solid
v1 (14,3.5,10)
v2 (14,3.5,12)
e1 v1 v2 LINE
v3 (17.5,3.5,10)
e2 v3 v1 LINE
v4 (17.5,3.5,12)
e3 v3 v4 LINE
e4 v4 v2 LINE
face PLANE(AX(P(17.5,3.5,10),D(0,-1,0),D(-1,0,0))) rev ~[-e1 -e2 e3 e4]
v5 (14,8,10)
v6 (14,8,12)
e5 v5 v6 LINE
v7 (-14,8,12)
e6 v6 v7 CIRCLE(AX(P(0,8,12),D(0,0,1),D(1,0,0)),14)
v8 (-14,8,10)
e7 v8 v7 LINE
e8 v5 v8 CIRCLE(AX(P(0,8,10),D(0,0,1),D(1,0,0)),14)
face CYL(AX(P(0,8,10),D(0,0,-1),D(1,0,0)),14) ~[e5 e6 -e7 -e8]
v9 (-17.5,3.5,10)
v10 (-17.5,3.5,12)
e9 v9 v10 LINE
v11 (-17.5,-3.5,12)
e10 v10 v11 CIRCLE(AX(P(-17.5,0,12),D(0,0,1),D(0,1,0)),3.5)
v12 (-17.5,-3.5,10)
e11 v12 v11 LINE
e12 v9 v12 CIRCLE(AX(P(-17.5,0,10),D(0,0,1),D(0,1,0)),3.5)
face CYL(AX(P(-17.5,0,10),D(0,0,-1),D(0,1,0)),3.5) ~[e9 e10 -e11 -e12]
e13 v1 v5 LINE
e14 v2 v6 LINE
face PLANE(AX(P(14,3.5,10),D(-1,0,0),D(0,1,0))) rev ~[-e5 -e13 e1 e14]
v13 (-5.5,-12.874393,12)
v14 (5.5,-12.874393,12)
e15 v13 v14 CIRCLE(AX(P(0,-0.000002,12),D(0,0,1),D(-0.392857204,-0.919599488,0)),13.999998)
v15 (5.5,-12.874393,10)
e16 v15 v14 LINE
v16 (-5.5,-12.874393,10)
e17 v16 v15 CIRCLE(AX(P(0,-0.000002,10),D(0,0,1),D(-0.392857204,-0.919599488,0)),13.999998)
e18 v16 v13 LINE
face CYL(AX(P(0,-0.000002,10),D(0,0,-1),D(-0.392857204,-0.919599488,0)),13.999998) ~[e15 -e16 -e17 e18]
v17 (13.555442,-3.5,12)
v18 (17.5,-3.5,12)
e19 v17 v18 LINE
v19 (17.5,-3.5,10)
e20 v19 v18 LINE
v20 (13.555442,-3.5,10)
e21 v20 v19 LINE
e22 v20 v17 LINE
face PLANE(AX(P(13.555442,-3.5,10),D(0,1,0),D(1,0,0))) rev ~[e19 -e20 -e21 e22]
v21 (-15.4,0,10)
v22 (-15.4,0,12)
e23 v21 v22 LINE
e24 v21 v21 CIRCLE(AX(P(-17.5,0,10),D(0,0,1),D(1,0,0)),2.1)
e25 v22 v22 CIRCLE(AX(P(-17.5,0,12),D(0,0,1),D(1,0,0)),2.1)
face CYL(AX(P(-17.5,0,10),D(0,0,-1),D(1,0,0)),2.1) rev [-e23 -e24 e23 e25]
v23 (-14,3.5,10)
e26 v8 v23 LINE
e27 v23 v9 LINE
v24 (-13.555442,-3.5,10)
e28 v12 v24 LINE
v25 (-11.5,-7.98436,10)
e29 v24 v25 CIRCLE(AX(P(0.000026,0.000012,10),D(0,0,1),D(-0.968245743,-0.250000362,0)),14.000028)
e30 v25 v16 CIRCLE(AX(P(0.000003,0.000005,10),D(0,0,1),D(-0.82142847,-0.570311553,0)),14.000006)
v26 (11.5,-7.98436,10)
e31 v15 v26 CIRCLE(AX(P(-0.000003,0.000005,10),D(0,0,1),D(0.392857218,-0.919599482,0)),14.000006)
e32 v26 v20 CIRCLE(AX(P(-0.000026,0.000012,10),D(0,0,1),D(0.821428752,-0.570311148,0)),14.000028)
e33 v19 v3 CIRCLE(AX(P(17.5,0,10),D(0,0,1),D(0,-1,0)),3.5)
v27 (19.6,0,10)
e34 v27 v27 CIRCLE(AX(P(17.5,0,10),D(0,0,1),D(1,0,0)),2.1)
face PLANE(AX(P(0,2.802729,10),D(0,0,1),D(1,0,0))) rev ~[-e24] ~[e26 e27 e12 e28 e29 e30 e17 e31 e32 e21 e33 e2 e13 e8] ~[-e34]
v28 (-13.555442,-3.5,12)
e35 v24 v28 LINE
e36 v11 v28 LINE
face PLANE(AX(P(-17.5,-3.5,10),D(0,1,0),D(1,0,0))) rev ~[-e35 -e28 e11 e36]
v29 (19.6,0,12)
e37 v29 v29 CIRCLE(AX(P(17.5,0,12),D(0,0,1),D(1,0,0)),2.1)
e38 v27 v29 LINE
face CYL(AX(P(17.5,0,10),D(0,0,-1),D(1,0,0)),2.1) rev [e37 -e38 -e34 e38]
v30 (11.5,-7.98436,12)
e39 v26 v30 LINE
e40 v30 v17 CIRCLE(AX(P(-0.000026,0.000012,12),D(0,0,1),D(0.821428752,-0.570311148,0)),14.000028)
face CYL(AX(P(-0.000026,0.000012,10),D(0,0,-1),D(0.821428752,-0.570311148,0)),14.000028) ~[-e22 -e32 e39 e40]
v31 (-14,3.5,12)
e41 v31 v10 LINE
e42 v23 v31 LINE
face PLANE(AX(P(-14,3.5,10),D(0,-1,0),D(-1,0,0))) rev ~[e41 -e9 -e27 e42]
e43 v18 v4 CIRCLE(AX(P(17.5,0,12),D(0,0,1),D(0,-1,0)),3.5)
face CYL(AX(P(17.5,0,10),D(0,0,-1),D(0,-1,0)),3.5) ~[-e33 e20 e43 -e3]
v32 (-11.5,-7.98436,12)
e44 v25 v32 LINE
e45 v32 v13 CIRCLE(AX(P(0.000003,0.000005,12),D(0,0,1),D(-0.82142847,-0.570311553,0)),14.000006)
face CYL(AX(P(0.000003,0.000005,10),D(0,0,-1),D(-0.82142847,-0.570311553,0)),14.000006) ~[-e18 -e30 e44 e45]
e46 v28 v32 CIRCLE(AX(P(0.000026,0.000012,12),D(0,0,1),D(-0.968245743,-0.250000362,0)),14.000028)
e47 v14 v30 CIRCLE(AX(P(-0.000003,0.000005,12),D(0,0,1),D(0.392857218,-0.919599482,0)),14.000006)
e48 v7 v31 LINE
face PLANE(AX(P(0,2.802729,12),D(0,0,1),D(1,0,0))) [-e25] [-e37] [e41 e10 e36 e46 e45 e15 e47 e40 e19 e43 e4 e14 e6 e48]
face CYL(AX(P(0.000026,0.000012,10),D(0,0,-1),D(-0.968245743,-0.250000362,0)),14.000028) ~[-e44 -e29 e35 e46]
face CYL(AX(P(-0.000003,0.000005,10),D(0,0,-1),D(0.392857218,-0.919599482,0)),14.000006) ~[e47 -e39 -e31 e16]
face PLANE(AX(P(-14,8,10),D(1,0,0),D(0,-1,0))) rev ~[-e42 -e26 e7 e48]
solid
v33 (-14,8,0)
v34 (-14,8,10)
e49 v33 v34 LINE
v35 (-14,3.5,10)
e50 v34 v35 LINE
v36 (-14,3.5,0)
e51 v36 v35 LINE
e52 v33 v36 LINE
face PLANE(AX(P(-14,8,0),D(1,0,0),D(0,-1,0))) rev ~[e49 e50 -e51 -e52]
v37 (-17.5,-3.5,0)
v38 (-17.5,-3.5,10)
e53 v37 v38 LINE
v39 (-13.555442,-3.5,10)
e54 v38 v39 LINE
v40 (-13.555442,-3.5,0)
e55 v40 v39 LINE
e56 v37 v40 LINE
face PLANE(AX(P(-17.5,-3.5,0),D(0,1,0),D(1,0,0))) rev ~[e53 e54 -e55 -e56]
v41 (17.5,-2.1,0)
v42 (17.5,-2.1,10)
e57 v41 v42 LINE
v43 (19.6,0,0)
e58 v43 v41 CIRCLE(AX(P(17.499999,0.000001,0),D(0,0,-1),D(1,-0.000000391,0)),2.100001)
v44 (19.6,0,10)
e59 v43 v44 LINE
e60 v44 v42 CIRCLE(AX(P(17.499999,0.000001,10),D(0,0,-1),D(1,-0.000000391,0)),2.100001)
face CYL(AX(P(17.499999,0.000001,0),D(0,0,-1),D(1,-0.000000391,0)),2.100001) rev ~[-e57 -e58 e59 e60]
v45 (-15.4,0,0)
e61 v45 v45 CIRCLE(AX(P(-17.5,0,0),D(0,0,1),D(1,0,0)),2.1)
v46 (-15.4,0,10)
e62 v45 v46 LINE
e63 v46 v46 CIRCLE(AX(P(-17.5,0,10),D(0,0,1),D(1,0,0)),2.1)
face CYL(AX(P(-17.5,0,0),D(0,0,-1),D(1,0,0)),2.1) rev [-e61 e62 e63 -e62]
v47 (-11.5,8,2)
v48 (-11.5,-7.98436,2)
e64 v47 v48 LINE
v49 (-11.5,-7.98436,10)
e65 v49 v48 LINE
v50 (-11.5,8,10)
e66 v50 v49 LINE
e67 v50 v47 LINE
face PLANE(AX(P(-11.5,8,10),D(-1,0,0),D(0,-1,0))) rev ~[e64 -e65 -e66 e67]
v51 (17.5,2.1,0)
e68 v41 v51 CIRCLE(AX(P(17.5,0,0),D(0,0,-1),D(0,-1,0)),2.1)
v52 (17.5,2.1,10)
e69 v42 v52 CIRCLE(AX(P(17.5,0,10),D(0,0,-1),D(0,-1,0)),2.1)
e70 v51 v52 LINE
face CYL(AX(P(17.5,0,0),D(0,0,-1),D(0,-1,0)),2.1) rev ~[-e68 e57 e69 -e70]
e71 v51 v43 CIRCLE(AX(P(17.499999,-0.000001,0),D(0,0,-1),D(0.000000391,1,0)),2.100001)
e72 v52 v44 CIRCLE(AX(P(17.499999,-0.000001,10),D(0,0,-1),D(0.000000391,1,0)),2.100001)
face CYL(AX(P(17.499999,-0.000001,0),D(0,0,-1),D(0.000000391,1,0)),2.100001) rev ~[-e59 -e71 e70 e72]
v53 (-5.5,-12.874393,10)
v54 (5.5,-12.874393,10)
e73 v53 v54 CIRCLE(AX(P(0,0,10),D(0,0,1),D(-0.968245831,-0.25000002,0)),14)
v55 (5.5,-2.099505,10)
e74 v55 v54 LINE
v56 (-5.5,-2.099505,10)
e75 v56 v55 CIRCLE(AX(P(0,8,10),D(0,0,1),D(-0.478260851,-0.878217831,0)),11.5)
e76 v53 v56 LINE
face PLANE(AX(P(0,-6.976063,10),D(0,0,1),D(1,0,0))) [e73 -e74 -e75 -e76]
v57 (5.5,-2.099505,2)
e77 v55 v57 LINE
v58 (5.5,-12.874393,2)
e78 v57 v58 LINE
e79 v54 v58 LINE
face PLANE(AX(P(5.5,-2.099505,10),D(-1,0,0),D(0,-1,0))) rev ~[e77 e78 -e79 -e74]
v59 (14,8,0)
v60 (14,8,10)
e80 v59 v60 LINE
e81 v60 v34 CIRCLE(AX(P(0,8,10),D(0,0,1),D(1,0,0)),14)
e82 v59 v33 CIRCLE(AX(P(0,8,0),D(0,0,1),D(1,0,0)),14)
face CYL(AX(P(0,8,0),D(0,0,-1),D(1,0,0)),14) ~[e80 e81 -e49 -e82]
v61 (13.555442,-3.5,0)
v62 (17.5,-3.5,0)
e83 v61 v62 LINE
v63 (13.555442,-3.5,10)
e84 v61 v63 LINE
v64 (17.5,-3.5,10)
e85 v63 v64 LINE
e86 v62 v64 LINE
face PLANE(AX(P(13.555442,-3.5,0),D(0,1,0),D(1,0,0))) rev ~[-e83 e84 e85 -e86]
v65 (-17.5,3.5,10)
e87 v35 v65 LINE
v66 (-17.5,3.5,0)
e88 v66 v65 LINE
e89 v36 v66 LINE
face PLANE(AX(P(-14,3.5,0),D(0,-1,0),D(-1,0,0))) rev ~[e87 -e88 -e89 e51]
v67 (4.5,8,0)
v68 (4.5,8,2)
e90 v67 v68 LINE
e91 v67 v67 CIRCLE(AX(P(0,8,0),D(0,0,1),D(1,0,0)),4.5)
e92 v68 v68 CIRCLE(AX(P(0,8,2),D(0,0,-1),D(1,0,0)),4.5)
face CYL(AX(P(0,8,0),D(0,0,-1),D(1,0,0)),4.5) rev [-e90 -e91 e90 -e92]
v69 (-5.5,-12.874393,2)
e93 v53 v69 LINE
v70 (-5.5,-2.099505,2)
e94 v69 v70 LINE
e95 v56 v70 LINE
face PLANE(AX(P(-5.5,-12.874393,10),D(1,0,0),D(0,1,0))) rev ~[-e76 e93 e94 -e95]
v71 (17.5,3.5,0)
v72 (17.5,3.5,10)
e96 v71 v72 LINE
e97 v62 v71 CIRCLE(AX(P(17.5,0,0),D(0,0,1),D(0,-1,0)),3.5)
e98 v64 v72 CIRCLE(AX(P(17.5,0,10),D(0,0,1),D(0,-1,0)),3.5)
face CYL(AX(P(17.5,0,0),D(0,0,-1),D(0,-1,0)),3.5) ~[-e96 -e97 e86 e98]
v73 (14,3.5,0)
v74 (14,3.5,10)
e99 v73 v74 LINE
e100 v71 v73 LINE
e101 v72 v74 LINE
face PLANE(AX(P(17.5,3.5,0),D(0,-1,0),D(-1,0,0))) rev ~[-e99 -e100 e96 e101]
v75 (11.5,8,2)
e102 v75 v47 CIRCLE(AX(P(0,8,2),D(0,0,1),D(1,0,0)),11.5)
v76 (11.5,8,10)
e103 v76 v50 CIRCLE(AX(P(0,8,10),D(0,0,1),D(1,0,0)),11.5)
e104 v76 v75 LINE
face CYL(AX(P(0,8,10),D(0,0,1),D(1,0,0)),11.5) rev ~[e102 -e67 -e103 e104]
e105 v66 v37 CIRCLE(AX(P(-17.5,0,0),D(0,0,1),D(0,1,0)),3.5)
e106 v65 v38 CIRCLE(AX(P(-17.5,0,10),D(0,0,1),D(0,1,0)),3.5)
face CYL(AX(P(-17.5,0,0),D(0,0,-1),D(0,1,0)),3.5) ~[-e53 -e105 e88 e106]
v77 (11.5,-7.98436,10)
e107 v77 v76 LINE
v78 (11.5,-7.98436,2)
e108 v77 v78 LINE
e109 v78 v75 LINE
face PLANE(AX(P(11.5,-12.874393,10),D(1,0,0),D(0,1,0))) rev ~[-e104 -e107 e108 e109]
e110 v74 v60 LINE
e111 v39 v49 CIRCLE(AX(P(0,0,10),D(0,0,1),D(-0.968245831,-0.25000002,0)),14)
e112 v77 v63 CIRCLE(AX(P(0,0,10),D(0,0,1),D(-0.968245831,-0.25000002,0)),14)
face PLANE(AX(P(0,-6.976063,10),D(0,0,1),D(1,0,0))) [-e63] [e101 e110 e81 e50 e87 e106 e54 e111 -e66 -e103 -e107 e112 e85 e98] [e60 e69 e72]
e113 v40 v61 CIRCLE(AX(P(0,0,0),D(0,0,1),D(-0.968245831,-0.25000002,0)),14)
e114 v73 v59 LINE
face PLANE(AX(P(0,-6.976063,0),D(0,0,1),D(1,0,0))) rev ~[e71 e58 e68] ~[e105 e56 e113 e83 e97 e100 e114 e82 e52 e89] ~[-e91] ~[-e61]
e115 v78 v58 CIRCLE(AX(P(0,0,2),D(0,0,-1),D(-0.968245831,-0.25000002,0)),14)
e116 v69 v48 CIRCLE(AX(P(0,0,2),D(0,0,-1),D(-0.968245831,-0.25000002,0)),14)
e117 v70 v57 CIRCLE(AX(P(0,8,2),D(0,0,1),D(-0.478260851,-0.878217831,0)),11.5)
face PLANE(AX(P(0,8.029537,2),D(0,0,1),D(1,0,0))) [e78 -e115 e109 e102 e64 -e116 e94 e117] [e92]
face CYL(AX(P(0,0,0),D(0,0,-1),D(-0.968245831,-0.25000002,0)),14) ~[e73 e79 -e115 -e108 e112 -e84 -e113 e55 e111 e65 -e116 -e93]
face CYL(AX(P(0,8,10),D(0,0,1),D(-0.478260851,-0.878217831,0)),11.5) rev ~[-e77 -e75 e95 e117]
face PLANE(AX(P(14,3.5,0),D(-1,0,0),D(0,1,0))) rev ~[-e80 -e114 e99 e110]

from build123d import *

# Parameters (mm, degrees)
F0_R     = 2.1
F0_R_2   = 4.5
F1_DEPTH = 10
F3_DEPTH = 8
F4_R     = 2.1
F5_DEPTH = 2


with BuildPart() as f1:
    # F0 (on Top) → F1 (new body)
    with BuildSketch(Plane.XY):
        with BuildLine():
            Line((13.555442, -3.5), (-13.555442, -3.5))
            ThreePointArc((-13.555442, -3.5), (0, -14), (13.555442, -3.5))
        make_face()
        with BuildLine():
            Line((-17.5, -3.5), (-13.555442, -3.5))
            Line((-13.555442, -3.5), (13.555442, -3.5))
            Line((13.555442, -3.5), (17.5, -3.5))
            Line((17.5, -3.5), (17.5, -2.1))
            ThreePointArc((17.5, -2.1), (15.4, 0), (17.5, 2.1))
            Line((17.5, 2.1), (17.5, 3.5))
            Line((17.5, 3.5), (14, 3.5))
            Line((14, 3.5), (14, 8))
            ThreePointArc((14, 8), (0, 22), (-14, 8))
            Line((-14, 8), (-14, 3.5))
            Line((-14, 3.5), (-17.5, 3.5))
            ThreePointArc((-17.5, 3.5), (-21, 0), (-17.5, -3.5))
        make_face()
        with Locations((-17.5, 0)):
            Circle(F0_R, mode=Mode.SUBTRACT)
        with Locations((0, 8)):
            Circle(F0_R_2, mode=Mode.SUBTRACT)
        with BuildLine():
            Line((17.5, -2.1), (17.5, -3.5))
            ThreePointArc((17.5, -3.5), (21, 0), (17.5, 3.5))
            Line((17.5, 3.5), (17.5, 2.1))
            ThreePointArc((17.5, 2.1), (18.984924, 1.484924), (19.6, 0))
            ThreePointArc((19.6, 0), (18.984924, -1.484924), (17.5, -2.1))
        make_face()
    extrude(amount=F1_DEPTH)

    # F2 (on face) → F3 (cut)
    with BuildSketch(Plane.XY.offset(10)):
        with BuildLine():
            Line((-5.5, 8), (-5.5, -2.099505))
            ThreePointArc((-5.5, -2.099505), (0, -3.5), (5.5, -2.099505))
            Line((5.5, -2.099505), (5.5, 8))
            Line((5.5, 8), (11.5, 8))
            ThreePointArc((11.5, 8), (0, 19.5), (-11.5, 8))
            Line((-11.5, 8), (-5.5, 8))
        make_face()
        Polygon((-5.5, -12.874393), (-5.5, -2.099505), (-5.5, 8), (-11.5, 8), (-11.5, -12.874393), align=None)
        Polygon((5.5, 8), (5.5, -2.099505), (5.5, -12.874393), (11.5, -12.874393), (11.5, 8), align=None)
    extrude(amount=-F3_DEPTH, mode=Mode.SUBTRACT)


with BuildPart() as f5:
    # F4 (on face) → F5 (new body)
    with BuildSketch(Plane.XY.offset(10)):
        with BuildLine():
            Line((13.555442, -3.5), (17.5, -3.5))
            ThreePointArc((17.5, -3.5), (21, 0), (17.5, 3.5))
            Line((17.5, 3.5), (14, 3.5))
            Line((14, 3.5), (14, 8))
            ThreePointArc((14, 8), (0, 22), (-14, 8))
            Line((-14, 8), (-14, 3.5))
            Line((-14, 3.5), (-17.5, 3.5))
            ThreePointArc((-17.5, 3.5), (-21, 0), (-17.5, -3.5))
            Line((-17.5, -3.5), (-13.555442, -3.5))
            ThreePointArc((-13.555442, -3.5), (-12.726789, -5.833424), (-11.5, -7.98436))
            ThreePointArc((-11.5, -7.98436), (-8.844665, -10.852276), (-5.5, -12.874393))
            ThreePointArc((-5.5, -12.874393), (0, -14), (5.5, -12.874393))
            ThreePointArc((5.5, -12.874393), (8.844665, -10.852276), (11.5, -7.98436))
            ThreePointArc((11.5, -7.98436), (12.726789, -5.833424), (13.555442, -3.5))
        make_face()
        with Locations((-17.5, 0)):
            Circle(F4_R, mode=Mode.SUBTRACT)
        with Locations((17.5, 0)):
            Circle(F4_R, mode=Mode.SUBTRACT)
    extrude(amount=F5_DEPTH)


solid = Compound([f1.part, f5.part])
